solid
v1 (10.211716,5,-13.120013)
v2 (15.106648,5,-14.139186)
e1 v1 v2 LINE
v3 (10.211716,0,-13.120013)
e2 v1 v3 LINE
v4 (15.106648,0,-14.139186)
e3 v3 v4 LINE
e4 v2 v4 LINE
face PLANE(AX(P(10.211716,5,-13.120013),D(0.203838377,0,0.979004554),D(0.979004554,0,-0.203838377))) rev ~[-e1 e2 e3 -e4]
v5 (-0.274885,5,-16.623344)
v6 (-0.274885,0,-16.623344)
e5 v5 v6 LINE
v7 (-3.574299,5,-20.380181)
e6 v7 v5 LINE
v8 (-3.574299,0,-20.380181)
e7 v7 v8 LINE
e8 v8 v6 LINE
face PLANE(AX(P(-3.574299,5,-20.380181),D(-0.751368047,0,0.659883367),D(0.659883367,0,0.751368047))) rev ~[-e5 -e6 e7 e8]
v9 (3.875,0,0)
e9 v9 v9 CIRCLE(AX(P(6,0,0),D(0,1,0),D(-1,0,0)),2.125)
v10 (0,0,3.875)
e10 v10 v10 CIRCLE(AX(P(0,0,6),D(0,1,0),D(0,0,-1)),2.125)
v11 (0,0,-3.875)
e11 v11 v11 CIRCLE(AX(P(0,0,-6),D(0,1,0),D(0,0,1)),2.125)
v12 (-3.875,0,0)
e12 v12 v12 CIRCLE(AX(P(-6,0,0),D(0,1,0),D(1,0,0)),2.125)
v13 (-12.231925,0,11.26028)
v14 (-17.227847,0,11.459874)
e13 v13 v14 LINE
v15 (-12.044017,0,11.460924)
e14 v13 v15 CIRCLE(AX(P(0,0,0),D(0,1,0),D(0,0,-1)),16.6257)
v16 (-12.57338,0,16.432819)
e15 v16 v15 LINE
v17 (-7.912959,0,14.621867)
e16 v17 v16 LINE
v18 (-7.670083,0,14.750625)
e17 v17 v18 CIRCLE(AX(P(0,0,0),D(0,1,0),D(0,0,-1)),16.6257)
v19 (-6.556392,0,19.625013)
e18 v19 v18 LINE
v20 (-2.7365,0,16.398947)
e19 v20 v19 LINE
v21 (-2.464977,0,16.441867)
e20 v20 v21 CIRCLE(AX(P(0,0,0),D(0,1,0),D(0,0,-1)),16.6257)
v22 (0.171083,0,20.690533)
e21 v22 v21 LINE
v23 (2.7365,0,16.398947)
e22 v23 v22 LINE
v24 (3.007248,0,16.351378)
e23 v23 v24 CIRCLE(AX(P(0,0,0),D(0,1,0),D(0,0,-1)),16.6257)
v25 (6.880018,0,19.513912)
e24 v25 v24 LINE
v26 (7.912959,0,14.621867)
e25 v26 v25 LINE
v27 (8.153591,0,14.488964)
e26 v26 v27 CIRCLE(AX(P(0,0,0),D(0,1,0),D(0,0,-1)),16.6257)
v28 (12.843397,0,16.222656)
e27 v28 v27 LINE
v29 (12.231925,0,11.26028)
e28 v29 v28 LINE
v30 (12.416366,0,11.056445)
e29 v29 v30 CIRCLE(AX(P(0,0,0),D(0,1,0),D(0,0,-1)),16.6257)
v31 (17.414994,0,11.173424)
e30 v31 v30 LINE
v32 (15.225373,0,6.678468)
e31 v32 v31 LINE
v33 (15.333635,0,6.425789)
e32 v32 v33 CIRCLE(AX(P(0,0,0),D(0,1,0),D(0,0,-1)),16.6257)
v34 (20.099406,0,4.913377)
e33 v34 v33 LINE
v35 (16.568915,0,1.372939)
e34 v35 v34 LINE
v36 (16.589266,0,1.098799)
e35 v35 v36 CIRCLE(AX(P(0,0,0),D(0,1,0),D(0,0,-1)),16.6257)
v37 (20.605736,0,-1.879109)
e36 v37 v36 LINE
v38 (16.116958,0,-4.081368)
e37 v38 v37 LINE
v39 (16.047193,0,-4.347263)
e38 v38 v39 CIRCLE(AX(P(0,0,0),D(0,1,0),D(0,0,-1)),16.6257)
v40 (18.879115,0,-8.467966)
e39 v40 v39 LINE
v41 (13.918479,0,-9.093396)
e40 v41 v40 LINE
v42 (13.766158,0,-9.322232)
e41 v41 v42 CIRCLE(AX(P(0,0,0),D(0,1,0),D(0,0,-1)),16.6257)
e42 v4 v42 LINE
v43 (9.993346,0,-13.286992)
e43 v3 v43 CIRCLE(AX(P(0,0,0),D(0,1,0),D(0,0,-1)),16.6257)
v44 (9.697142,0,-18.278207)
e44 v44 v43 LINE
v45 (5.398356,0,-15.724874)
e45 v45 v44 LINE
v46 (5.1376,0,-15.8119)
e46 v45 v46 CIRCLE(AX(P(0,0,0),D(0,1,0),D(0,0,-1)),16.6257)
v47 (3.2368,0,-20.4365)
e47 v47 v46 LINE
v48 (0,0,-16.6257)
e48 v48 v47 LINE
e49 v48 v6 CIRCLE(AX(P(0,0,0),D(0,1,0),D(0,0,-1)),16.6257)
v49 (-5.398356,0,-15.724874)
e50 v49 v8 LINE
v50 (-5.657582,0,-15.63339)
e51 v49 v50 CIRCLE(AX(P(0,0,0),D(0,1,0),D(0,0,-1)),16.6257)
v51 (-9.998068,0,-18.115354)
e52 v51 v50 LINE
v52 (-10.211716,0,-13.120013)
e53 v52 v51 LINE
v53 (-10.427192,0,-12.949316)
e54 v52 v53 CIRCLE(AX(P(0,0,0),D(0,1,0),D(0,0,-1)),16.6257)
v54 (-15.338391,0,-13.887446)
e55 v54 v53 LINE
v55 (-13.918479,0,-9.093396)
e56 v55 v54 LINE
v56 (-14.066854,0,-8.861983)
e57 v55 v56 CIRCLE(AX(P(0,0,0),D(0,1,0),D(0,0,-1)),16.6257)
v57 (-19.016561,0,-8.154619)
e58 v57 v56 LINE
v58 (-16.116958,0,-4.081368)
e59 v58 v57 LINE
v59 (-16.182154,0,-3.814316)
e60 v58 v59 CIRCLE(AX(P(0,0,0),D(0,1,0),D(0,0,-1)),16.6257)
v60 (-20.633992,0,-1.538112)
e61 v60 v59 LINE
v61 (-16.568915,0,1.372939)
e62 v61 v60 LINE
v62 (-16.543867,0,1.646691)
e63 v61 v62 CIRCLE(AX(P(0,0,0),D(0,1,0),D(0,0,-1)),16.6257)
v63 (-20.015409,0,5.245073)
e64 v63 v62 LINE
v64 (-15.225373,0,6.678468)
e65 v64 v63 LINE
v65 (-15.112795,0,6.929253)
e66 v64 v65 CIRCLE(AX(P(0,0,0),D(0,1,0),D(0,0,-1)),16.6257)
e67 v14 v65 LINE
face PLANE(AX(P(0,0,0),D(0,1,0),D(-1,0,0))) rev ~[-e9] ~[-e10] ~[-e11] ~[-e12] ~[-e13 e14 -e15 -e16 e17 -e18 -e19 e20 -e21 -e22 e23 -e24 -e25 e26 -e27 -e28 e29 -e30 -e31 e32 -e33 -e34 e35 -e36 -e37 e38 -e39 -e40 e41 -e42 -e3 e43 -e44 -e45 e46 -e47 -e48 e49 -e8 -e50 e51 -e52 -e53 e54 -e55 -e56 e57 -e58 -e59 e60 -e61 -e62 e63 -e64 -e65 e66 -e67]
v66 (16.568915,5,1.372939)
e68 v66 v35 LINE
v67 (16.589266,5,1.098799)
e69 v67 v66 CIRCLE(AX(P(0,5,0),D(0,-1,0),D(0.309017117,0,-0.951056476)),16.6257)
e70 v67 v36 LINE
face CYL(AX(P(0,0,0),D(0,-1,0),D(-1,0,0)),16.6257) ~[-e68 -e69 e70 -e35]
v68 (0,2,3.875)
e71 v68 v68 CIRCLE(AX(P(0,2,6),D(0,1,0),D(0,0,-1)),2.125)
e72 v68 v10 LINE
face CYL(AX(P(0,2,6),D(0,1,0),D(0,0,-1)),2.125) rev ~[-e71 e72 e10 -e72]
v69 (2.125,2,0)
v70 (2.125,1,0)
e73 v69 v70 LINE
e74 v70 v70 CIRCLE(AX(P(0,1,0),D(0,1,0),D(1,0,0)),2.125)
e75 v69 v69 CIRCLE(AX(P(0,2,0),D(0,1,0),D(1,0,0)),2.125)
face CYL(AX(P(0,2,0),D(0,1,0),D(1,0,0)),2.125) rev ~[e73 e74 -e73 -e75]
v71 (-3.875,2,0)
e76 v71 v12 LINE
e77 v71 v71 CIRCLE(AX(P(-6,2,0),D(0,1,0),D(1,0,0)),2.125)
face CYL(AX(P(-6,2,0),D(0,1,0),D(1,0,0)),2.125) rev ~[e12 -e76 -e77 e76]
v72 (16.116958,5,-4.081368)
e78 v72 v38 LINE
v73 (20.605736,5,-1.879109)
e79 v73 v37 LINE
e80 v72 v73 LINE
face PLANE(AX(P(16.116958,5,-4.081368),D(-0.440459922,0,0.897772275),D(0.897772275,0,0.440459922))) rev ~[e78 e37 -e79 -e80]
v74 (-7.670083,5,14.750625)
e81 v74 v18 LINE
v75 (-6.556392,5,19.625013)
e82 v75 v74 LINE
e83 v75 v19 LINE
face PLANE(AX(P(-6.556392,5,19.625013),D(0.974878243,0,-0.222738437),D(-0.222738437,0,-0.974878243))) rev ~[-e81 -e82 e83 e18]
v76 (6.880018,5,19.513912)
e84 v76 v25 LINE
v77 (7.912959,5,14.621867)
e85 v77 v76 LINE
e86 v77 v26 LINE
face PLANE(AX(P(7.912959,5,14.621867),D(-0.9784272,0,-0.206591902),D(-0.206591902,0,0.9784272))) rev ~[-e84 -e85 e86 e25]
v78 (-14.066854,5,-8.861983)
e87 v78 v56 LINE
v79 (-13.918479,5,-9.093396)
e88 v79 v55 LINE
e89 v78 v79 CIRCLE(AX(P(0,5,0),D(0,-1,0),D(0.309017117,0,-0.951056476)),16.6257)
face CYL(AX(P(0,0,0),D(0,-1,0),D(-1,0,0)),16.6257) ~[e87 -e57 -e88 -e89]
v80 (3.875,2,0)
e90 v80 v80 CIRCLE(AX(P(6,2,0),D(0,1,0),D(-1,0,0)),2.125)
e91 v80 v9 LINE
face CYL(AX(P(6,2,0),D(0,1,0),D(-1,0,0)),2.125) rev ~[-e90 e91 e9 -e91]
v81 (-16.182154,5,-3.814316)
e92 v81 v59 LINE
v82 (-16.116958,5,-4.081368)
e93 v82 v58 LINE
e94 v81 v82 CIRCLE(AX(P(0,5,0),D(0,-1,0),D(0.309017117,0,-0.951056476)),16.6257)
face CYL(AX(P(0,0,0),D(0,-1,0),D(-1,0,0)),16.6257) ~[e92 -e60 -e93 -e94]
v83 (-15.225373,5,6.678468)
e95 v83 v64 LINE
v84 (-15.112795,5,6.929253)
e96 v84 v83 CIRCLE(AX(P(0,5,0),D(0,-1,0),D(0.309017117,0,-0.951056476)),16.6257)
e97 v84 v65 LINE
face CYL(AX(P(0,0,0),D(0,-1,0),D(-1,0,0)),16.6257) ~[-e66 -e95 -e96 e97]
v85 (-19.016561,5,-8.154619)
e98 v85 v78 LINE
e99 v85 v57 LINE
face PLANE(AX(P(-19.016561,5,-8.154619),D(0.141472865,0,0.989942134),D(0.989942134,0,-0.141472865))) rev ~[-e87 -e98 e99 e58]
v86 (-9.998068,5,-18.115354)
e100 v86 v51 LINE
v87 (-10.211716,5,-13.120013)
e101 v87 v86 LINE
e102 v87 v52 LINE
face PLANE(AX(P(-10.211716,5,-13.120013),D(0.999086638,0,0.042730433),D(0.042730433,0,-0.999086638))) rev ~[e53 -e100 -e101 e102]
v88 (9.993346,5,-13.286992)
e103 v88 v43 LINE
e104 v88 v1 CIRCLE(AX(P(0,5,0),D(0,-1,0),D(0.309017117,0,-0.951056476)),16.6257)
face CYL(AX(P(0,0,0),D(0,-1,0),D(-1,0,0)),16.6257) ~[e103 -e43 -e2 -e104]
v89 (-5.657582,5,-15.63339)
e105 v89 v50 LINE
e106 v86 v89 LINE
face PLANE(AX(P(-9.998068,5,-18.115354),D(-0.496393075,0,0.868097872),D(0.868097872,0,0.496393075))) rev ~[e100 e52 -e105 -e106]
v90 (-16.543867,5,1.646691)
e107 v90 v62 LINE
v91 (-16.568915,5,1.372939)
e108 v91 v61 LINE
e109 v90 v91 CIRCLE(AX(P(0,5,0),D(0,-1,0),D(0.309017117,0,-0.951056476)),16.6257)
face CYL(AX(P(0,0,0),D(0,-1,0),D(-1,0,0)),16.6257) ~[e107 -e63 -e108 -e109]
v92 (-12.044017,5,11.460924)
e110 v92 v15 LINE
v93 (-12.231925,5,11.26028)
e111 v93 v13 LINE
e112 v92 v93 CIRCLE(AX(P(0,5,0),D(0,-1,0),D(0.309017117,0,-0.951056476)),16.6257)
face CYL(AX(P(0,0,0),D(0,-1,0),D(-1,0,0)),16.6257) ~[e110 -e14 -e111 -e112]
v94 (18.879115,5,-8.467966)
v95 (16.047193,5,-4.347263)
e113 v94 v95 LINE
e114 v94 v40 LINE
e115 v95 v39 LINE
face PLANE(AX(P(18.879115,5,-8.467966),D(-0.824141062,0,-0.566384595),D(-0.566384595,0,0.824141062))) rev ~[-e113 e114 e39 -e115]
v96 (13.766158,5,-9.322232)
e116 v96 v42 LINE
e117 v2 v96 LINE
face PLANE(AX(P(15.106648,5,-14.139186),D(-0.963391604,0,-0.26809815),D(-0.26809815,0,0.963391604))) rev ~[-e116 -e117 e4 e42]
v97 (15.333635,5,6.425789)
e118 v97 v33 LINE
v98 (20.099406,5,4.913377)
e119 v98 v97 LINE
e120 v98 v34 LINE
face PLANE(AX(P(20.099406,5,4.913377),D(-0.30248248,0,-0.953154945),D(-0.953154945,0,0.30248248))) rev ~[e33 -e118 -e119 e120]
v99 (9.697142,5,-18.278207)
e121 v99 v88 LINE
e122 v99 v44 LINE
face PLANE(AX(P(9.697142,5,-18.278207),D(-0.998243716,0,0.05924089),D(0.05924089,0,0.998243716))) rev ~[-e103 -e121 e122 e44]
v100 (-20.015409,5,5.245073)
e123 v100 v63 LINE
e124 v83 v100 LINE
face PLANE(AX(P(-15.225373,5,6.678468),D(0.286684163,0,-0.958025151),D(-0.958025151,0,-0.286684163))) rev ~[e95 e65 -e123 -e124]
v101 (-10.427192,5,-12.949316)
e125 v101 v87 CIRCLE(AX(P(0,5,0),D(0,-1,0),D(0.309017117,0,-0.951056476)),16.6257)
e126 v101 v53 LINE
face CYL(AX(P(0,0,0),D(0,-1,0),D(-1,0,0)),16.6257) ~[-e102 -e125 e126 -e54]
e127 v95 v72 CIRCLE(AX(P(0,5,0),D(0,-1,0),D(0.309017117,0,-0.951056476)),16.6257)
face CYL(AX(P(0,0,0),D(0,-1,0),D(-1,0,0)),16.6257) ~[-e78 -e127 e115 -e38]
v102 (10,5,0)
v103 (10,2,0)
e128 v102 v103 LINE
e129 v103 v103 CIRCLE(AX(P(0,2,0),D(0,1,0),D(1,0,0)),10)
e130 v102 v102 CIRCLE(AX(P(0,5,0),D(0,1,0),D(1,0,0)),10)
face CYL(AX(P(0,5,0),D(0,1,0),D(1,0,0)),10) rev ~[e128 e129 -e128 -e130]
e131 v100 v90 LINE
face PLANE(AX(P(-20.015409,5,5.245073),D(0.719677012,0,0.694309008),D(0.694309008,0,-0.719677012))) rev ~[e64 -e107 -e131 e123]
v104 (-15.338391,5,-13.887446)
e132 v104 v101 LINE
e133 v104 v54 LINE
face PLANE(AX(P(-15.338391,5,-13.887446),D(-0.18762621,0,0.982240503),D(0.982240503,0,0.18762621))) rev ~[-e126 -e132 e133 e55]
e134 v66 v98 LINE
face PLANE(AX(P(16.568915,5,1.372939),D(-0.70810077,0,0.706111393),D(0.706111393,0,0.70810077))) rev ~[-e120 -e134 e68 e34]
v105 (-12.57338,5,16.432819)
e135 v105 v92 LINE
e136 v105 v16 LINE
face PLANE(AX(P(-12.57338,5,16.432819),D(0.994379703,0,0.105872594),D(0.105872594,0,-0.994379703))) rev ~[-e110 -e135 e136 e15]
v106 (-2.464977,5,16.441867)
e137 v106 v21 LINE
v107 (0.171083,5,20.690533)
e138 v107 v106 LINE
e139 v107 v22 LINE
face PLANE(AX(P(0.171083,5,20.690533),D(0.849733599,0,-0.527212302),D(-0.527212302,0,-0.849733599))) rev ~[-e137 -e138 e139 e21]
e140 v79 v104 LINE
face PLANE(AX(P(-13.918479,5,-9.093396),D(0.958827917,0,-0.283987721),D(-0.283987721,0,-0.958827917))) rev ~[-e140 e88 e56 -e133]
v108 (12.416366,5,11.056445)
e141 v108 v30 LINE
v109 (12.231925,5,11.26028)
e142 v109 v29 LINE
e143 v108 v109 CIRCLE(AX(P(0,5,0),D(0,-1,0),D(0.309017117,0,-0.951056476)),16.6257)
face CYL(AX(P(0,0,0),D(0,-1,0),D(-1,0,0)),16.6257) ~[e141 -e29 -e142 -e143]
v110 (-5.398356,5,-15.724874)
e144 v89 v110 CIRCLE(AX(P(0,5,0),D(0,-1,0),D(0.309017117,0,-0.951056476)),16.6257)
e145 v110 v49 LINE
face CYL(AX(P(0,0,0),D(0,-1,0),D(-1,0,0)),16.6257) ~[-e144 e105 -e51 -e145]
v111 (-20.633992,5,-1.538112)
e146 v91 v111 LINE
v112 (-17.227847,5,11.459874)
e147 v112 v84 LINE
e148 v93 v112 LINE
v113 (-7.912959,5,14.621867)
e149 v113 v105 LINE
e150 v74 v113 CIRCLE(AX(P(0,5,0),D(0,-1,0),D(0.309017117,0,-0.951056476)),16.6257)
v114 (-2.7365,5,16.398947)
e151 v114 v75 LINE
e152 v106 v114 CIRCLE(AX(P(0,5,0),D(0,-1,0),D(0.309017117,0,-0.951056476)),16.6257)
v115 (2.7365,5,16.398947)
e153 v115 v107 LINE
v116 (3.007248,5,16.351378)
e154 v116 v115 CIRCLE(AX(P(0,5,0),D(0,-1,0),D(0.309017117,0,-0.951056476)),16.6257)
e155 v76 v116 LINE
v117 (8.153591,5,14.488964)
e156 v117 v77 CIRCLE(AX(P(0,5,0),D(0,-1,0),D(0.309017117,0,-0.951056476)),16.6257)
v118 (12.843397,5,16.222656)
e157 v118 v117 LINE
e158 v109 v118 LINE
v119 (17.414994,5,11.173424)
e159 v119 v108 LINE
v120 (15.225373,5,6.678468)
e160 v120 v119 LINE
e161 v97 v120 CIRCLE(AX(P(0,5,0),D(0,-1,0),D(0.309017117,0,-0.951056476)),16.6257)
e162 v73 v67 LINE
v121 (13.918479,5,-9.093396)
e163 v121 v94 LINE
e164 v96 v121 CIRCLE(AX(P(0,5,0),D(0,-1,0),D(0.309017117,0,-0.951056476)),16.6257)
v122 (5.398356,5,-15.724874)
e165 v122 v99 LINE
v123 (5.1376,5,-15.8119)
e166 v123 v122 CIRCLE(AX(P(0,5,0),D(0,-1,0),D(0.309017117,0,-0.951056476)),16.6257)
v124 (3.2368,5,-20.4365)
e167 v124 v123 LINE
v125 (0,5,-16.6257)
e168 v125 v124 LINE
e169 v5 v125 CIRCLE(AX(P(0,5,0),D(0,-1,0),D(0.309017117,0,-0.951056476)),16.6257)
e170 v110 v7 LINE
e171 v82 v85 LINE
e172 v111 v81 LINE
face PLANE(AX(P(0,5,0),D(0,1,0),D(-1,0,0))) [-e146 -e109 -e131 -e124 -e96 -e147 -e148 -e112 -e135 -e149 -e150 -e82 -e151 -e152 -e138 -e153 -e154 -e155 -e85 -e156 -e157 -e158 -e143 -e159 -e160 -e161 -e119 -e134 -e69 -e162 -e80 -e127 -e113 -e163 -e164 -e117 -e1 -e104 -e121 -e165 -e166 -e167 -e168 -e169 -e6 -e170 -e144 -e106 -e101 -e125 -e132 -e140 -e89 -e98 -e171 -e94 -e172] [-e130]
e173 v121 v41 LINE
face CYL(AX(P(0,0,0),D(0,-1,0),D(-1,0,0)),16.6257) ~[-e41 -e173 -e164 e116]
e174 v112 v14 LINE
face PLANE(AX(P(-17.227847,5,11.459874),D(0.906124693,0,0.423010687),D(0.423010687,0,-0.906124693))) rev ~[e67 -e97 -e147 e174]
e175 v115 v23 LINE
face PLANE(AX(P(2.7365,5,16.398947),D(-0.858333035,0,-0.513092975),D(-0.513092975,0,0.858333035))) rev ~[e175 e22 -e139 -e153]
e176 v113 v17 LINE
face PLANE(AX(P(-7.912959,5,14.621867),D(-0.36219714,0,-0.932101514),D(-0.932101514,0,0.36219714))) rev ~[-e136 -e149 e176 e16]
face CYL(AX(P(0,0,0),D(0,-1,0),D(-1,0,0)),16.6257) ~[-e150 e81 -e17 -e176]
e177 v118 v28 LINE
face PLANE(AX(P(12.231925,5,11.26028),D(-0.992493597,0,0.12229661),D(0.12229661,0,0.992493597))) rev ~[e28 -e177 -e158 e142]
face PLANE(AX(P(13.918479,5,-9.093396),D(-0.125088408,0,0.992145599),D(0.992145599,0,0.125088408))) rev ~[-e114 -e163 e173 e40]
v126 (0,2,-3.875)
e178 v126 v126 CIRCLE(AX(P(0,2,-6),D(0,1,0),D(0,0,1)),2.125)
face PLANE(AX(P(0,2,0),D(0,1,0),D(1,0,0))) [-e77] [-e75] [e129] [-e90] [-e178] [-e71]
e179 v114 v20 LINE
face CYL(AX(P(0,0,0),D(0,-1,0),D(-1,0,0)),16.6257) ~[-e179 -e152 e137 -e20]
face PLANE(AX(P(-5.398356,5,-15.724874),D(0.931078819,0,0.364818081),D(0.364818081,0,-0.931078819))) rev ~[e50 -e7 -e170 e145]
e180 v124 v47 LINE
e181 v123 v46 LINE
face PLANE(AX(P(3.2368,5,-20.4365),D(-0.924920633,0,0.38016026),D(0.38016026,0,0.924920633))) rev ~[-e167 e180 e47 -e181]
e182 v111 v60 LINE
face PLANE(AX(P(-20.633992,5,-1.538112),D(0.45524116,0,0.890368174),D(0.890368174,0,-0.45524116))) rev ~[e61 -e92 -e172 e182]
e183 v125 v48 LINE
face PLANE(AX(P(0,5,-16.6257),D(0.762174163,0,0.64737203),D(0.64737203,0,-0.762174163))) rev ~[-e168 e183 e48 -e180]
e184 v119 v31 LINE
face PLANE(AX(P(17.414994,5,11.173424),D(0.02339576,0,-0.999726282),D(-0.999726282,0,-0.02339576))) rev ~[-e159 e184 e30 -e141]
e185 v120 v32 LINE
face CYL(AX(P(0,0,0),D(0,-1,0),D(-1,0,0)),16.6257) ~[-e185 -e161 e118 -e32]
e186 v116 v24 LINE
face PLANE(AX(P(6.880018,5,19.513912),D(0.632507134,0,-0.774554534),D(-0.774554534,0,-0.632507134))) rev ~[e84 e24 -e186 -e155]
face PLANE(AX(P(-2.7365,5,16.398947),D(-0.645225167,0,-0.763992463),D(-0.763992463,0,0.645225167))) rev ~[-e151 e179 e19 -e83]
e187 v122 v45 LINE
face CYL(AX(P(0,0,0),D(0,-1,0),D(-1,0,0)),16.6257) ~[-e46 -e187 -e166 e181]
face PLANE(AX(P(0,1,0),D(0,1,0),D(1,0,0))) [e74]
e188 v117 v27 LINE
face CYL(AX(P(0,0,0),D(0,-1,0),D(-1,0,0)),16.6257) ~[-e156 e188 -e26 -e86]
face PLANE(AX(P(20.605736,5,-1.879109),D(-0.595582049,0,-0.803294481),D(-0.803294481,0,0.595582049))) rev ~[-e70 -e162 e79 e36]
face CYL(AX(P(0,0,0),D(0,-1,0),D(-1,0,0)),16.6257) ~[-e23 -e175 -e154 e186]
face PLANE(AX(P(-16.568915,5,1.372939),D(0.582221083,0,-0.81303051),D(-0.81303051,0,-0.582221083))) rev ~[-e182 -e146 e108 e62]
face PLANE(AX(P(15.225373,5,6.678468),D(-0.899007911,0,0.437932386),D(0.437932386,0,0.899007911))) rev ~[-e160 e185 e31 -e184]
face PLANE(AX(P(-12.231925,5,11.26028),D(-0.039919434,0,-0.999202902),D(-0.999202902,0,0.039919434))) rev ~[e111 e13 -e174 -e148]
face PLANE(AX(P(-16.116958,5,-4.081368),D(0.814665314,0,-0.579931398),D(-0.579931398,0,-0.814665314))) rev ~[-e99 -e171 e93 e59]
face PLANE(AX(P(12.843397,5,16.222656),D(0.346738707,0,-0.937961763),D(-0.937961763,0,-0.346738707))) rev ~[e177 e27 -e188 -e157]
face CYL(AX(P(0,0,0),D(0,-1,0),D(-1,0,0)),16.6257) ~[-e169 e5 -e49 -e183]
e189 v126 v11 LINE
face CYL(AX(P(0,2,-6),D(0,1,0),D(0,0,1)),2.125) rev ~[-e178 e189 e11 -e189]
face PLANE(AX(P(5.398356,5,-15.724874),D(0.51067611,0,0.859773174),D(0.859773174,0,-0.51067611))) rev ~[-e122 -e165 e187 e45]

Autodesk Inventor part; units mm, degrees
ref_plane "YZ Plane" through (0, 0, 0) normal (1, 0, 0) x (0, 1, 0)
ref_plane "XZ Plane" through (0, 0, 0) normal (0, 1, 0) x (-1, 0, 0)
ref_plane "XY Plane" through (0, 0, 0) normal (0, 0, 1) x (1, 0, 0)
sketch "Sketch1" plane through (0, 0, 0) normal (0, 1, 0) x (-1, 0, 0)
  circle A0 centre (0, 0) radius 16.6257
  dimension "d0" = 33.2513
extrude "Extrusion1" add sketch "Sketch1" along normal blind 5
sketch "Sketch2" plane through (0, 5, 0) normal (0, 1, 0) x (1, 0, 0)
  circle A0 centre (0, 0) radius 10
  dimension "d3" = 20
extrude "Extrusion2" cut sketch "Sketch2" against normal blind 3
sketch "Sketch3" plane through (0, 2, 0) normal (0, 1, 0) x (1, 0, 0)
  circle A0 centre (-6, 0) radius 2.125
  circle A1 centre (-6, 0) radius 2.125
  point P0 (0, 0)
  dimension "d7" = 4.25
extrude "Extrusion3" cut sketch "Sketch3" against normal through all
pattern_circular "Circular Pattern1" count 4 over 360 about axis through (0, 5, 0) along (0, -1, 0) of "Extrusion3"
sketch "Sketch4" plane through (0, 2, 0) normal (0, 1, 0) x (1, 0, 0)
  circle A0 centre (0, 0) radius 2.125
  dimension "d13" = 4.25
extrude "Extrusion4" cut sketch "Sketch4" against normal blind 1
sketch "Sketch6" plane through (0, 5, 0) normal (0, 1, 0) x (1, 0, 0)
  arc A0 (5.4078, 16.6435) -> (0, 17.5) centre (0, 0) ccw
  line L0 (0, 0) -> (5.4078, 16.6435) construction
  line L1 (0, 0) -> (0, 17.5) construction
  line L2 (0, 0) -> (4.3015, 27.1585)
  line L3 (0, 0) -> (27.497, 0) construction
  arc A1 (5.4078, 16.6435) -> (0, 17.5) centre (0, 0) ccw
  dimension "d16" = 18
  dimension "d17" = 81
sketch "Sketch7" plane through (0, 5, 0) normal (0, 1, 0) x (1, 0, 0)
  circle A0 centre (0, 0) radius 16.6257 projected
  arc A1 (5.1376, 15.8119) -> (0, 16.6257) centre (0, 0) ccw
  line L0 (0, 0) -> (5.1376, 15.8119) construction
  line L1 (0, 0) -> (0, 16.6257) construction
  line L2 (0, 0) -> (4.2807, 27.027)
  line L3 (0, 0) -> (27.3639, 0) construction
  line L4 (0, 16.6257) -> (3.2368, 20.4365)
  line L5 (3.2368, 20.4365) -> (5.1376, 15.8119)
  dimension "d18" = 18
  dimension "d19" = 81
  dimension "d20" = 5
extrude "Extrusion5" add sketch "Sketch7" against normal blind 5 contours A0 L2 L5 | L4 L2 A0
pattern_circular "Circular Pattern2" count 19 over 360 about axis through (0, 0, 0) along (0, 1, 0) of "Extrusion5"
sketch "Sketch8" plane through (0, 5, 0) normal (0, 1, 0) x (1, 0, 0)
  point P0 (0, 0)
sketch "Sketch9" plane through (0, 5, 0) normal (0, 1, 0) x (1, 0, 0)
  arc A0 (-12.044, -11.4609) -> (-7.9129, -14.6218) centre (0, 0) ccw
  line L0 (-7.9129, -14.6218) -> (-12.5734, -16.4328)
  line L1 (-7.9129, -14.6218) -> (-12.5734, -16.4328) projected
properties part number "SmallGearV2"
